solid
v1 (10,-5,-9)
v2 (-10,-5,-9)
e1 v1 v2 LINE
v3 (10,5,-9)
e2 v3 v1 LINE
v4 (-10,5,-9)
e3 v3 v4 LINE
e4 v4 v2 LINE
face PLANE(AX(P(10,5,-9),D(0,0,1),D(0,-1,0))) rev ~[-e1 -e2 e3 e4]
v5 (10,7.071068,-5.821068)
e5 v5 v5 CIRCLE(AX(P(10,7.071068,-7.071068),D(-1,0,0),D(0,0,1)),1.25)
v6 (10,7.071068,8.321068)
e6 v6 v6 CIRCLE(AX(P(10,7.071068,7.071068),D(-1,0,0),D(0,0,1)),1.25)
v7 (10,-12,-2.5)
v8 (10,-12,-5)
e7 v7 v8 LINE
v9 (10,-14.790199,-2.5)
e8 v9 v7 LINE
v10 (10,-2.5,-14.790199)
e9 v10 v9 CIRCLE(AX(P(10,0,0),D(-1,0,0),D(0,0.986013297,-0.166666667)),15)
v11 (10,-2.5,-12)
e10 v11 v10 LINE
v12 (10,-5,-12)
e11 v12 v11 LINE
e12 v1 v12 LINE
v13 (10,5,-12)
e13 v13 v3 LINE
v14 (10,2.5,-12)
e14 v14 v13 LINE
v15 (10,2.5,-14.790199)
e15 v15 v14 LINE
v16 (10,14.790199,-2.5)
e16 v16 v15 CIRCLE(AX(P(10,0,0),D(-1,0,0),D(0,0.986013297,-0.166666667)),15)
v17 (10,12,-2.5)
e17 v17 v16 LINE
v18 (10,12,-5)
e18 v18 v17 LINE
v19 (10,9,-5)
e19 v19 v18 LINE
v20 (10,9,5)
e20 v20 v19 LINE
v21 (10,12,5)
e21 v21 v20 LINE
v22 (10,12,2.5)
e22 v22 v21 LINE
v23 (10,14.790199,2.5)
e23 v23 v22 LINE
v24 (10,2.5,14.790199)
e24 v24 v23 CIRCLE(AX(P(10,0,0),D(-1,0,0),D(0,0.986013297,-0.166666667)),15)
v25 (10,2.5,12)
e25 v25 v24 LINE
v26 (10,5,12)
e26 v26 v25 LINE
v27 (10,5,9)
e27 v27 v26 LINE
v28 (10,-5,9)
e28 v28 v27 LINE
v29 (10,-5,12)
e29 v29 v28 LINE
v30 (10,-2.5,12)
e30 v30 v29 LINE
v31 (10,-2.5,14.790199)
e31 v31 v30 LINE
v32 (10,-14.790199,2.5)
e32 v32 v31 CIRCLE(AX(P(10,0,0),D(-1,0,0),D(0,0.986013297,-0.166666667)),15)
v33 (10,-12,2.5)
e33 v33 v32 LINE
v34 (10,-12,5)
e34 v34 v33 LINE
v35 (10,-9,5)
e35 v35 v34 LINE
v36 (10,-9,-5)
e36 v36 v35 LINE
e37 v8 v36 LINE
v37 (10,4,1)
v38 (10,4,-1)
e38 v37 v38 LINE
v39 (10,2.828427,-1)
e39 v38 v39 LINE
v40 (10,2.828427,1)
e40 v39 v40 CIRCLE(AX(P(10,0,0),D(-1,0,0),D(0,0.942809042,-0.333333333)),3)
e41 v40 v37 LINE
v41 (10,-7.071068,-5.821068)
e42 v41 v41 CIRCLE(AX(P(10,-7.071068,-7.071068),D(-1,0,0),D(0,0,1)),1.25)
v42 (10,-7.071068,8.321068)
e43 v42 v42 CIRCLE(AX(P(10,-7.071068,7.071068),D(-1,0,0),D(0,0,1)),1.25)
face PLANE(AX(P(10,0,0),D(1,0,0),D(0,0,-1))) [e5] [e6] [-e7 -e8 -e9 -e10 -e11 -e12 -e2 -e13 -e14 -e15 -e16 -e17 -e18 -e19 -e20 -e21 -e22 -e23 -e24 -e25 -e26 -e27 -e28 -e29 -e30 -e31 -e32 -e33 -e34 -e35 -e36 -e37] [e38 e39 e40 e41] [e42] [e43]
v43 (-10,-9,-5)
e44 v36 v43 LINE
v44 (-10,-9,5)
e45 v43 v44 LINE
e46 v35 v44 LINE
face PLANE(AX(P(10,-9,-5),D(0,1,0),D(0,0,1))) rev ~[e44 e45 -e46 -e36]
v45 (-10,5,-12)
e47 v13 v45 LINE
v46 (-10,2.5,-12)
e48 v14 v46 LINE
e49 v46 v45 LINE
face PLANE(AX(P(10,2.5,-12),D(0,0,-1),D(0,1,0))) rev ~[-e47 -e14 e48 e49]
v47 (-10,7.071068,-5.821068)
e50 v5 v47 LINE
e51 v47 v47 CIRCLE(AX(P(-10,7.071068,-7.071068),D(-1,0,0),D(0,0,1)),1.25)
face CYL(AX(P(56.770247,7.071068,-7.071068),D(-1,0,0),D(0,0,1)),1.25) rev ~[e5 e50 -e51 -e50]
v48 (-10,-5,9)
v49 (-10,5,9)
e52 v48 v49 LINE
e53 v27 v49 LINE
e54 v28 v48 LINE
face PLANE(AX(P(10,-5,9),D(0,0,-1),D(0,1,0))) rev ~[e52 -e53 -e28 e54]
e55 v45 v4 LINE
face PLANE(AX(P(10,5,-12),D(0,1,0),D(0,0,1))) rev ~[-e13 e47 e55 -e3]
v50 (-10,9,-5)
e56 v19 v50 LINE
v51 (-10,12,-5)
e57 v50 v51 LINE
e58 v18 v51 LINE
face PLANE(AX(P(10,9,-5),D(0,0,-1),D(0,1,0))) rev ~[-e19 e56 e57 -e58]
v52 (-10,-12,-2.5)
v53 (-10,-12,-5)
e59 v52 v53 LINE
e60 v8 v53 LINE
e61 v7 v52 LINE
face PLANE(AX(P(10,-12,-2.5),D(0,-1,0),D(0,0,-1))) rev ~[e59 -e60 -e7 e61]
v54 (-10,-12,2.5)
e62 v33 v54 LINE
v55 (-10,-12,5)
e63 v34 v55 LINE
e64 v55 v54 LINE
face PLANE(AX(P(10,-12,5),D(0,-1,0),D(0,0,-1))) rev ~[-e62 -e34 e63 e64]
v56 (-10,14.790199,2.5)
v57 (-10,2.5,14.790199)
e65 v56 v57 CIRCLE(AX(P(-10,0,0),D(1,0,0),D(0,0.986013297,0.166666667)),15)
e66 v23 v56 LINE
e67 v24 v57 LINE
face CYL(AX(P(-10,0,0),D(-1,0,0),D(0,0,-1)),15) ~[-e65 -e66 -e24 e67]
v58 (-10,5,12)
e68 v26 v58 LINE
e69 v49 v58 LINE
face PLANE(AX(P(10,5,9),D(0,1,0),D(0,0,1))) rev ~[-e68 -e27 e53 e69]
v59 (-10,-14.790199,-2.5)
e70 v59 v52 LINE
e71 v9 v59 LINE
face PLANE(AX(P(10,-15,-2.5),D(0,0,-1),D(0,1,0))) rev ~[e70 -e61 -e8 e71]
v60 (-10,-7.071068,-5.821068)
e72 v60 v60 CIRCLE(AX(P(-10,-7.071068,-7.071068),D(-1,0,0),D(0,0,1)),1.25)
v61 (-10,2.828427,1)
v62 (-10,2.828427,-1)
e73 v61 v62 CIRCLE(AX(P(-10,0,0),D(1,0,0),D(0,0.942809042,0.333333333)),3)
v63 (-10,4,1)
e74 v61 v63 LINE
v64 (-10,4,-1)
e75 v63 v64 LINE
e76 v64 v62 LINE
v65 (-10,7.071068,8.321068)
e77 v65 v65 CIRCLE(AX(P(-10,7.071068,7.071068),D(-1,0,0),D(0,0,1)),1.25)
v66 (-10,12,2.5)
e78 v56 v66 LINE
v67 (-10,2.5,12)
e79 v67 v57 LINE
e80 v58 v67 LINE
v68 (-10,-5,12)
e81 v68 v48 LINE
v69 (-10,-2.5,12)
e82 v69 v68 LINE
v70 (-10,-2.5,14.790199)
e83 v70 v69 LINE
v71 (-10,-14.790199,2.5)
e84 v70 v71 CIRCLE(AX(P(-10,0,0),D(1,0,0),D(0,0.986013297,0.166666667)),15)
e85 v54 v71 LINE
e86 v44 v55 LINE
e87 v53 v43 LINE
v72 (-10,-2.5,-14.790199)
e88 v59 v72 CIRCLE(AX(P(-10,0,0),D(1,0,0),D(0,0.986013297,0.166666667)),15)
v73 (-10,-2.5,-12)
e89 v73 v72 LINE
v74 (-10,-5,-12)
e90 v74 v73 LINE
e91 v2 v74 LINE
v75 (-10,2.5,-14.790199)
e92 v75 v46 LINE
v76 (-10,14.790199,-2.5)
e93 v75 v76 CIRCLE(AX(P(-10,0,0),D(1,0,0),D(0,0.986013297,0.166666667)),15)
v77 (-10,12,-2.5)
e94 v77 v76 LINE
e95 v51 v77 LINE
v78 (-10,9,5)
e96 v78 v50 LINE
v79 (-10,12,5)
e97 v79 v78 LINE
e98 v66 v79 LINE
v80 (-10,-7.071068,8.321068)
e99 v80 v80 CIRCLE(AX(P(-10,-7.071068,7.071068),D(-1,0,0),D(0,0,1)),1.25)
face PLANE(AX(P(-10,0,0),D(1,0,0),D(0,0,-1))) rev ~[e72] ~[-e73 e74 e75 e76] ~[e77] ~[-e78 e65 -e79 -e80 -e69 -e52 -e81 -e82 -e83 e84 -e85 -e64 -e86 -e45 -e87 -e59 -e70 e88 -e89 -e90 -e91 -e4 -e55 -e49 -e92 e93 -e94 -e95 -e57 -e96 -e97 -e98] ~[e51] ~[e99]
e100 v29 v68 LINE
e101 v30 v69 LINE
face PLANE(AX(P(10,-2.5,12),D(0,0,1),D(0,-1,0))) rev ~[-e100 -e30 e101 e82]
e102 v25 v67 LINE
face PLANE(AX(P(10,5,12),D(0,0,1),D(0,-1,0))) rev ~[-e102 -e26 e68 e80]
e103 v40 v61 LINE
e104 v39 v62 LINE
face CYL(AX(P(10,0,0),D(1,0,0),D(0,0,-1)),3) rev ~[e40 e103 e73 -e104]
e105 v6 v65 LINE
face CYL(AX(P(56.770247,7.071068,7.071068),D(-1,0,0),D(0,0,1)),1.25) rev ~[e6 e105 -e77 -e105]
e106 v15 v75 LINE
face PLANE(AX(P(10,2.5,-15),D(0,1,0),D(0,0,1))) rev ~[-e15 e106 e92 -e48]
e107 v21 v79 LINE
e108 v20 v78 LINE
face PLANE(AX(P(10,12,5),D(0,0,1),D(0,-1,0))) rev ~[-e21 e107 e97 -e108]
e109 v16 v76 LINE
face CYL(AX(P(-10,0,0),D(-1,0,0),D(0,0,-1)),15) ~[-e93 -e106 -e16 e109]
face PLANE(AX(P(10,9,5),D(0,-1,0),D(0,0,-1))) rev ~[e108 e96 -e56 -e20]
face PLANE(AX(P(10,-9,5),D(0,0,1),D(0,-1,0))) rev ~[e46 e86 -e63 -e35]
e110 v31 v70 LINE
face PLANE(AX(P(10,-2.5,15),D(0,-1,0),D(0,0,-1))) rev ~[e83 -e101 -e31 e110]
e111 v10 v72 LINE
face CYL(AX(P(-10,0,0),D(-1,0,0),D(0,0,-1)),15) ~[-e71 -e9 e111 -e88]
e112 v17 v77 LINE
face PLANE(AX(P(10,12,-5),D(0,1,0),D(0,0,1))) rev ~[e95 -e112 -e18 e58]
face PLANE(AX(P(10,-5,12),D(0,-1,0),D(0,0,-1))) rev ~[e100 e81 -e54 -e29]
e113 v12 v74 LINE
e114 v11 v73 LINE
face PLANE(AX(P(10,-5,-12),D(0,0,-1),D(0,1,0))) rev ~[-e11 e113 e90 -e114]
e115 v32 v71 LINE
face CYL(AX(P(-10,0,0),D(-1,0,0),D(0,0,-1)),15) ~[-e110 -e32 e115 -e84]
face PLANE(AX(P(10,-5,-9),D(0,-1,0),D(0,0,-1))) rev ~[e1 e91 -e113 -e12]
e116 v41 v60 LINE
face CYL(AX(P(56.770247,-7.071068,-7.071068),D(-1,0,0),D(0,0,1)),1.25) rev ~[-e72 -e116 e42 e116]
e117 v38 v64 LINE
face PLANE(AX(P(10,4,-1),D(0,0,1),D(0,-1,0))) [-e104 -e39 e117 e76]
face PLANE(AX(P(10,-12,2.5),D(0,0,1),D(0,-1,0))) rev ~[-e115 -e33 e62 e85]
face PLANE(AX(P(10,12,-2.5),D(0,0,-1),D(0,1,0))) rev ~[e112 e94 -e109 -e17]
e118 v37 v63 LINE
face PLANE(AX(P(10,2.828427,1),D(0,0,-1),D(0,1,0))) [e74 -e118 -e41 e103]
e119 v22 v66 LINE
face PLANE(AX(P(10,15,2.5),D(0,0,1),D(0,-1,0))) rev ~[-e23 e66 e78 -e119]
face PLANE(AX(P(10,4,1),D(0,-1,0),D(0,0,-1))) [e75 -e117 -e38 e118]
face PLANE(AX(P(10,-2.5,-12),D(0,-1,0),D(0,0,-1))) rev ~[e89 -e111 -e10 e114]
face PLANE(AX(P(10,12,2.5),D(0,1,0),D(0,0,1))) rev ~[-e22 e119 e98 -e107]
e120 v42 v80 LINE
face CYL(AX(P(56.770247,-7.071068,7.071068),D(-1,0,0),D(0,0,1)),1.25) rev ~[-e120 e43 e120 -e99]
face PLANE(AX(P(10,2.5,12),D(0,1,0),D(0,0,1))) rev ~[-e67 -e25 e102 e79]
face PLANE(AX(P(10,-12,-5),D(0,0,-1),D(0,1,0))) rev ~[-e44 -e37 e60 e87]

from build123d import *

# Parameters (mm, degrees)
EXTRUDE_1_DEPTH          = 10
EXTRUDE_1_DEPTH_BACK     = 10
SKETCH_1_R               = 15
SKETCH_2_R               = 3
CUT_EXTRUDE_1_DEPTH      = 30.154759474
CUT_EXTRUDE_2_DEPTH      = 30.154759474
M3X0_5_1_D               = 2.5
PATTERN_CIRCULAR_2_COUNT = 4
CUT_EXTRUDE_3_DEPTH      = 29.939592257


with BuildPart() as part:
    # ｽｹｯﾁ1 → ﾎﾞｽ - 押し出し1 (new, two sides: drawn at the far end of the back side and taken through both)
    with BuildSketch(Plane(origin=(0, 0, 0), x_dir=(0, 0, -1), z_dir=(1, 0, 0)).offset(-EXTRUDE_1_DEPTH_BACK)):
        Circle(SKETCH_1_R)
    extrude(amount=EXTRUDE_1_DEPTH + EXTRUDE_1_DEPTH_BACK)

    # ｽｹｯﾁ2 → ｶｯﾄ - 押し出し1 (cut, through all)
    with BuildSketch(Plane(origin=(10, 0, 0), x_dir=(0, 0, -1), z_dir=(1, 0, 0))):
        Circle(SKETCH_2_R)
    extrude(amount=-CUT_EXTRUDE_1_DEPTH, mode=Mode.SUBTRACT)

    # ｽｹｯﾁ3 → ｶｯﾄ - 押し出し2 (cut, through all)
    with BuildSketch(Plane(origin=(10, 0, 0), x_dir=(0, 0, -1), z_dir=(1, 0, 0))):
        Polygon((5, 12), (2.5, 12), (2.5, 15), (-2.5, 15), (-2.5, 12), (-5, 12), (-5, 9), (5, 9), align=None)
    cut_extrude_2 = extrude(amount=-CUT_EXTRUDE_2_DEPTH, mode=Mode.SUBTRACT)

    # M3x0.5 ねじ穴1 (through all)
    with Locations(Plane(origin=(10, 0, 0), x_dir=(0, 0, -1), z_dir=(1, 0, 0))):
        with Locations((-7.071067812, 7.071067812), (7.071067812, -7.071067812), (7.071067812, 7.071067812), (-7.071067812, -7.071067812)):
            Hole(M3X0_5_1_D / 2)

    # 円形ﾊﾟﾀｰﾝ2: ｶｯﾄ - 押し出し2 ×4 about axis
    pattern_circular_2_axis = Axis((-10, 0, 0), (1, 0, 0))
    for i in range(1, PATTERN_CIRCULAR_2_COUNT):
        add(cut_extrude_2.rotate(pattern_circular_2_axis, i * 360 / PATTERN_CIRCULAR_2_COUNT), mode=Mode.SUBTRACT)

    # ｽｹｯﾁ7 → ｶｯﾄ - 押し出し3 (cut, through all)
    with BuildSketch(Plane(origin=(10, 0, 0), x_dir=(0, 0, -1), z_dir=(1, 0, 0))):
        with BuildLine():
            Line((-1, 4), (1, 4))
            Line((1, 4), (1, 3))
            Line((1, 3), (1, 2.828427125))
            ThreePointArc((1, 2.828427125), (0, 3), (-1, 2.828427125))
            Line((-1, 2.828427125), (-1, 3))
            Line((-1, 3), (-1, 4))
        make_face()
    extrude(amount=-CUT_EXTRUDE_3_DEPTH, mode=Mode.SUBTRACT)


solid = part.part
